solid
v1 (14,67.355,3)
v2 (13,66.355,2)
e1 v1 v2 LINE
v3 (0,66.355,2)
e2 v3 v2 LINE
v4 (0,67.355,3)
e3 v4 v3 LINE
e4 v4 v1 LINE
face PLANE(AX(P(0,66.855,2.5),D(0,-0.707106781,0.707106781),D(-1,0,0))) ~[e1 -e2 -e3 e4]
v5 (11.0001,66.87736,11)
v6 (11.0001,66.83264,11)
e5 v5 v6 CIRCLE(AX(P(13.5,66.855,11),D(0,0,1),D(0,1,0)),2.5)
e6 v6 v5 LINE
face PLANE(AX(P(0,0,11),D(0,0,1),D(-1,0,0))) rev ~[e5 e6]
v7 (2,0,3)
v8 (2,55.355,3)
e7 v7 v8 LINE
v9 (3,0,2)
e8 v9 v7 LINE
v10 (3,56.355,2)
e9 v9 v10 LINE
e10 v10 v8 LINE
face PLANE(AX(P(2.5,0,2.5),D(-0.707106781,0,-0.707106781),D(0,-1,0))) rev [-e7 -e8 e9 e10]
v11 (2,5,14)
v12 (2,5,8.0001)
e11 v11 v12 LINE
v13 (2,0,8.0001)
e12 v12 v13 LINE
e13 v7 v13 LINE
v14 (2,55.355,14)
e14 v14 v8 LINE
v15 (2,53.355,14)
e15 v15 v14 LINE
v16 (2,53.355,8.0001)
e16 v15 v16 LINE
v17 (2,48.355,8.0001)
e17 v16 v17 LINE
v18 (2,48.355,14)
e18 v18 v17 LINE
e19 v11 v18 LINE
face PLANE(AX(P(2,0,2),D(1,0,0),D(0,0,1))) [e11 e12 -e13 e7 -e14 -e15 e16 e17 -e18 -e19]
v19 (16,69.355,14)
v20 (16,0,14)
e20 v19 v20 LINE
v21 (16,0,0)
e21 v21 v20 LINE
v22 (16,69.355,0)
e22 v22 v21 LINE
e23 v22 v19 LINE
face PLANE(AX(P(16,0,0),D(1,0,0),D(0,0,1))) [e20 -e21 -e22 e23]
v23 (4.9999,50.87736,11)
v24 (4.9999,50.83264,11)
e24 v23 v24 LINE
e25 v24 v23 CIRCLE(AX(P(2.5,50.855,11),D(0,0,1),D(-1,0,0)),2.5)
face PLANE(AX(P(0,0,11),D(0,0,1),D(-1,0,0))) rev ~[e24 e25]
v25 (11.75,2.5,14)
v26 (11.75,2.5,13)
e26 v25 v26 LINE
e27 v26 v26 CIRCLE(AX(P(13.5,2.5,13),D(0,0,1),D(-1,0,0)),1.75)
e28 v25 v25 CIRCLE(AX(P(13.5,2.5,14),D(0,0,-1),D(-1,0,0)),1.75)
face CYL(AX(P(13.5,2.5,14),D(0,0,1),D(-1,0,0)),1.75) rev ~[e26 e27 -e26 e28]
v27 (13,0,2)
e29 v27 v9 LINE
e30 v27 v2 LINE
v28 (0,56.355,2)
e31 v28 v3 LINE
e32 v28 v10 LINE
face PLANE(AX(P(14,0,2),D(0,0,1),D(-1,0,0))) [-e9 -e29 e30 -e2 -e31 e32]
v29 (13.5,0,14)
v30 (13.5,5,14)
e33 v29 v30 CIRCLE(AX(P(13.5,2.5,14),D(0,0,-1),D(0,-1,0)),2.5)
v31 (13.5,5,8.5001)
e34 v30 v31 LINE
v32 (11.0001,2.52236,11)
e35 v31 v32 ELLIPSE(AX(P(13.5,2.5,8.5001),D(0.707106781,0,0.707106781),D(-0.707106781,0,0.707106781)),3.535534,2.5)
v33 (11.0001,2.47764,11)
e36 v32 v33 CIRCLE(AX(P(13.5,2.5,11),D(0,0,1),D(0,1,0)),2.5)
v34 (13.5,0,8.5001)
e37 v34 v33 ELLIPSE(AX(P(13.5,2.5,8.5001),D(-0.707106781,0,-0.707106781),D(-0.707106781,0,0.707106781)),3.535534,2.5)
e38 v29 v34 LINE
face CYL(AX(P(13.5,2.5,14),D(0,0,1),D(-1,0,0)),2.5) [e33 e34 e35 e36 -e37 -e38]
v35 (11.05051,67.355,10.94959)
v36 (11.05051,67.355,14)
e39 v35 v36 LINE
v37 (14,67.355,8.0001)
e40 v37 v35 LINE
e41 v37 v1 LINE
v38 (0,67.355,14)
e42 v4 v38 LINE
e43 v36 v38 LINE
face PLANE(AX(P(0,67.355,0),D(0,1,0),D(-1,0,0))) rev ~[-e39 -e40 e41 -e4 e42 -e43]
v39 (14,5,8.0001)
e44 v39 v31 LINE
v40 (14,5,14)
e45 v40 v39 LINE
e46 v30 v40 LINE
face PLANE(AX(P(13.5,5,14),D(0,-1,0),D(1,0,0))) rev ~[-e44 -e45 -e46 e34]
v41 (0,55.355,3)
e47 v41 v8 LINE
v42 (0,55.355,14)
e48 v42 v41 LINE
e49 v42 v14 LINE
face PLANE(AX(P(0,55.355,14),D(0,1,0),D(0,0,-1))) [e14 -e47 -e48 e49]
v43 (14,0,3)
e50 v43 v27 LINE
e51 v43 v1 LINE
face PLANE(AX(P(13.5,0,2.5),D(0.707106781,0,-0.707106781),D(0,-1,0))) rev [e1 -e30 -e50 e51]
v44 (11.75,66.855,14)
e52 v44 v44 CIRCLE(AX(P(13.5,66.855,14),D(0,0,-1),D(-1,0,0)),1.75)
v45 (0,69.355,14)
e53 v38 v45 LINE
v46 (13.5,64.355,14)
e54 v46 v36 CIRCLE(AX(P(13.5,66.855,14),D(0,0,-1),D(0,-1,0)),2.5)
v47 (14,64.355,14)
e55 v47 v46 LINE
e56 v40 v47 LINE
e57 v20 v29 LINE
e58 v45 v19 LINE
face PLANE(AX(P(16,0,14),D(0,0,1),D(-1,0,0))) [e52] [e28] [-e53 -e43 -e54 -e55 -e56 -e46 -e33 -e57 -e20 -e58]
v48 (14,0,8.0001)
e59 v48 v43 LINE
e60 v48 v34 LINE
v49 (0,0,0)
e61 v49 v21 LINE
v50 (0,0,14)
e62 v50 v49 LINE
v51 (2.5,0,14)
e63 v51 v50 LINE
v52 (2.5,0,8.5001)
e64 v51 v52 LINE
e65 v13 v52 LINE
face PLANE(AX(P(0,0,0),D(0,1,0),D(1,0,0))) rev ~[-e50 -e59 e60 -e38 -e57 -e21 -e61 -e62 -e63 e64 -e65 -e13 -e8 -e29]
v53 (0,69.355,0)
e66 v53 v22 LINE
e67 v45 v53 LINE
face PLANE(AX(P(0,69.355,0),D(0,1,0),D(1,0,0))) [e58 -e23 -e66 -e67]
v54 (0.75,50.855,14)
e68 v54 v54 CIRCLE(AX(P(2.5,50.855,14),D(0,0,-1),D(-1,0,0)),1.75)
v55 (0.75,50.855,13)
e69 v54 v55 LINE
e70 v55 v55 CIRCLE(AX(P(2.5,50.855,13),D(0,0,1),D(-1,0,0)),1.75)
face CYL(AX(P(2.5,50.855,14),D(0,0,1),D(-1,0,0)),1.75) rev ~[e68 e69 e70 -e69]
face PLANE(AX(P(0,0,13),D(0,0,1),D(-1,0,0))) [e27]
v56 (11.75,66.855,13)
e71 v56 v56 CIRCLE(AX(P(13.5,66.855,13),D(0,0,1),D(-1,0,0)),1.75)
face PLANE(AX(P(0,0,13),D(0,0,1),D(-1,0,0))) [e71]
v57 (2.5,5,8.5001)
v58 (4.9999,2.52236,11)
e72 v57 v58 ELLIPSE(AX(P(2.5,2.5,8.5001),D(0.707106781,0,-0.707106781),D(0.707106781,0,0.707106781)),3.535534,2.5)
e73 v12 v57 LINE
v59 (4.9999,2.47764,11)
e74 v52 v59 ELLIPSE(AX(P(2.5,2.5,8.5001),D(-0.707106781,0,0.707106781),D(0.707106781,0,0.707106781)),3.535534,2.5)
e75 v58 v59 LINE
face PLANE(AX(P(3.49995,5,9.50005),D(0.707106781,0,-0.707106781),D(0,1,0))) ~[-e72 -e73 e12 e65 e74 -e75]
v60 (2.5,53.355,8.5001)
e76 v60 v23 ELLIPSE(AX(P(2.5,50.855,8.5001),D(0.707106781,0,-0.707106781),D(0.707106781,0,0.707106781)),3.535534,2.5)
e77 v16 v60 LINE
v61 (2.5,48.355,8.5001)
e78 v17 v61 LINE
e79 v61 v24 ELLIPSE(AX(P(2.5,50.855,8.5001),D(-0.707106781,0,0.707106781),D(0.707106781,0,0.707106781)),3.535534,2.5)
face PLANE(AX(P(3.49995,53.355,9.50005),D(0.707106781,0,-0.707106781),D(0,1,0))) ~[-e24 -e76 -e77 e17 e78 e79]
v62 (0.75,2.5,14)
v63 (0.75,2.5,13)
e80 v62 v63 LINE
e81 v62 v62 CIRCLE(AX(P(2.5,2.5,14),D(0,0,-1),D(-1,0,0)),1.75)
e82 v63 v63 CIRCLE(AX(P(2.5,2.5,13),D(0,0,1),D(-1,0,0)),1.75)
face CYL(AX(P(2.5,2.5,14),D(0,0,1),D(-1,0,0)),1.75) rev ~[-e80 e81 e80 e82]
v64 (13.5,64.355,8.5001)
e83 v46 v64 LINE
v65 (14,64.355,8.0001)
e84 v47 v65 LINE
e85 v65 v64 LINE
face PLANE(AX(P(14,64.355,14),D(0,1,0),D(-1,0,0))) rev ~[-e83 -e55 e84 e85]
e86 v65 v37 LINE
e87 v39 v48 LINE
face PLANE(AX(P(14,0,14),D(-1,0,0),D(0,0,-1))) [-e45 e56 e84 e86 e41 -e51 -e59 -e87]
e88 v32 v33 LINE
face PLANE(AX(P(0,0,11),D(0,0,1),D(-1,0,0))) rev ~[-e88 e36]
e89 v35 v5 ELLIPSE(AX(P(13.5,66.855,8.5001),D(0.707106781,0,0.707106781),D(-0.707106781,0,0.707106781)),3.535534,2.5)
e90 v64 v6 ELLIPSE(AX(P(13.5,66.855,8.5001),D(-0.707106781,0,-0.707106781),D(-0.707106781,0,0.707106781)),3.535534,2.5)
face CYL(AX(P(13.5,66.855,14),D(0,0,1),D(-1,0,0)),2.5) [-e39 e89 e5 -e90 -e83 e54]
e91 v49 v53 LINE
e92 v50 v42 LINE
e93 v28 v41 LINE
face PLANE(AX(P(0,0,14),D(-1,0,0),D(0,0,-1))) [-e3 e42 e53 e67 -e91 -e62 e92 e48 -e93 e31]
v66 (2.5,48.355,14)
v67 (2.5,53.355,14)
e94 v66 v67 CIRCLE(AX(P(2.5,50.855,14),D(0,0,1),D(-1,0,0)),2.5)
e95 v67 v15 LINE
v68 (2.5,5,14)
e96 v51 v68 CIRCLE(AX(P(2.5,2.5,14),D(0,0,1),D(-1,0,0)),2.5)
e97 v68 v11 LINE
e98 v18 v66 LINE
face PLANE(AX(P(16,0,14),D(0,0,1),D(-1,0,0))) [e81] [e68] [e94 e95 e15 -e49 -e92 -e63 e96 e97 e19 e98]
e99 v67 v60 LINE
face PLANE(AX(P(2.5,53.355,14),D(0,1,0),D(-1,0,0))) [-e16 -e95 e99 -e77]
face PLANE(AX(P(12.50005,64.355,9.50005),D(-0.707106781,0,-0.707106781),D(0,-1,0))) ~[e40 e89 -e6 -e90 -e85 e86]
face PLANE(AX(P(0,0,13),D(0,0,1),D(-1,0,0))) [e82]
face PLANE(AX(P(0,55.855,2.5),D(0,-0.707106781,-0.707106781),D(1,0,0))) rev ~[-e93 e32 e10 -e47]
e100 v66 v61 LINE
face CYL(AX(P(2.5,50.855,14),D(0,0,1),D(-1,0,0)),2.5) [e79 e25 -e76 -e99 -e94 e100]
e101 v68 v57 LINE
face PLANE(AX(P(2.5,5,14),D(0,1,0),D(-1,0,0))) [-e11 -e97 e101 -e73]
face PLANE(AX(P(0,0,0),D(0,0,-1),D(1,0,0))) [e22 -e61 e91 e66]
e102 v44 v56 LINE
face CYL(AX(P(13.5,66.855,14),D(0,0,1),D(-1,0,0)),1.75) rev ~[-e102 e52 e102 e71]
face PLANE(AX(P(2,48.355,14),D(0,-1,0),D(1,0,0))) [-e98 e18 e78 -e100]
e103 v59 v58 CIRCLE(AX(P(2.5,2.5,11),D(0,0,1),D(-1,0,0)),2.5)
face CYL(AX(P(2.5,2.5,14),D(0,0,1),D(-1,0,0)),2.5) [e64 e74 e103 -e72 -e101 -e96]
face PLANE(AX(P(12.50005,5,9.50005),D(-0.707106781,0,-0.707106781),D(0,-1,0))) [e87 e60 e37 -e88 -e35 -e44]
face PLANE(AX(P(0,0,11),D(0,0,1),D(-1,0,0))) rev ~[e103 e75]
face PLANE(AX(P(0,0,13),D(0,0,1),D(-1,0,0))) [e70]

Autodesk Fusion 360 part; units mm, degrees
sketch "3D-printed conduit outline" plane through (0, 0, 0) normal (0, 1, 0) x (1, 0, 0)
  line L0 (0, 0) -> (16, 0)
  line L1 (16, 0) -> (16, -14)
  line L2 (16, -14) -> (0, -14)
  line L3 (0, -14) -> (0, 0)
  line L4 (2, -14) -> (14, -14)
  line L5 (14, -14) -> (14, -2)
  line L6 (14, -2) -> (2, -2)
  line L7 (2, -2) -> (2, -14)
  dimension "d8" = 14
  dimension "d9" = 16
  dimension "d10" = 2
  dimension "d11" = 2
  dimension "d12" = 2
extrude "Extrude1" add sketch "3D-printed conduit outline" along normal blind 69.355 contours L0 L1 L2 L3 L5 L6 L7
sketch "Magnet holders" plane through (0, 0, 14) normal (0, 0, 1) x (-1, 0, 0)
  line L0 (0, 0) -> (-2, 0)
  line L1 (-2, 0) -> (-2, -69.355)
  line L2 (-2, -69.355) -> (0, -69.355)
  line L3 (0, -69.355) -> (0, 0)
  line L4 (-14, 0) -> (-16, 0)
  line L5 (-16, 0) -> (-16, -69.355)
  line L6 (-16, -69.355) -> (-14, -69.355)
  line L7 (-14, -69.355) -> (-14, 0)
  circle A0 centre (-2.5, -2.5) radius 2.5
  circle A1 centre (-2.5, -2.5) radius 1.75
  line L8 (-14, 0) -> (-2, 0)
  line L9 (0, 0) -> (-2.5, 0)
  line L10 (-2.5, 0) -> (-2.5, -5)
  line L11 (-2.5, -5) -> (0, -5)
  line L12 (0, -5) -> (0, 0)
  circle A2 centre (-13.5, -2.5) radius 2.5
  circle A3 centre (-13.5, -2.5) radius 1.75
  line L13 (-16, 0) -> (-13.5, 0)
  line L14 (-13.5, 0) -> (-13.5, -5)
  line L15 (-13.5, -5) -> (-16, -5)
  line L16 (-16, -5) -> (-16, 0)
  circle A4 centre (-2.5, -50.855) radius 1.75
  circle A5 centre (-2.5, -50.855) radius 2.5
  line L17 (-2.5, -48.355) -> (-2.5, -53.355)
  line L18 (-2.5, -53.355) -> (0, -53.355)
  line L19 (0, -53.355) -> (0, -48.355)
  line L20 (0, -48.355) -> (-2.5, -48.355)
  circle A6 centre (-13.5, -66.855) radius 2.5
  circle A7 centre (-13.5, -66.855) radius 1.75
  line L21 (-13.5, -64.355) -> (-13.5, -69.355)
  line L22 (-13.5, -69.355) -> (-16, -69.355)
  line L23 (-16, -69.355) -> (-16, -64.355)
  line L24 (-16, -64.355) -> (-13.5, -64.355)
  dimension "d15" = 5
  dimension "d16" = 3.5
  dimension "d17" = 5
  dimension "d18" = 3.5
  dimension "d21" = 0
  dimension "d22" = -48.355
  dimension "d42" = 0
  dimension "d43" = -64.355
sketch "End wall" plane through (0, 69.355, 0) normal (0, 1, 0) x (-1, 0, 0)
  line L0 (-2, 2) -> (-14, 2)
  line L1 (-14, 2) -> (-14, 14)
  line L2 (-14, 14) -> (-16, 14)
  line L3 (-16, 14) -> (-16, 0)
  line L4 (-16, 0) -> (0, 0)
  line L5 (0, 0) -> (0, 14)
  line L6 (0, 14) -> (-2, 14)
  line L7 (-2, 14) -> (-2, 2)
  line L8 (-16, 0) -> (0, 0)
  line L9 (0, 0) -> (0, 14)
  line L10 (0, 14) -> (-16, 14)
  line L11 (-16, 14) -> (-16, 0)
extrude "Extrude8" add sketch "End wall" against normal blind 2
extrude "Extrude2" add sketch "Magnet holders" against normal blind 3 contours A2 A3 L14 | L7 A2 A3 L14 | L7 L8 A2 L13 | L1 A0 L8 L9 | L1 A0 A1 L10 | A0 A1 L10 | L1 A0 A1 L10 | L1 A0 L11 | L1 A1 L10 | A1 L10 | L7 A3 L14 | A3 L14 | L1 A5 L20 | L7 A2 L15 | L7 A2 A3 L14 | L1 A4 A5 L17 | L1 A4 A5 L17 | L1 A5 L18 | A4 A5 L17 | L1 A4 L17 | A4 L17 | L7 A6 L24 | L7 A6 A7 L21 | A6 A7 L21 | L7 A7 L21 | A7 L21 | L7 A6 L22 | L7 A6 A7 L21
extrude "Extrude4" cut sketch "Magnet holders" against normal blind 1 contours L1 A1 | L1 A1 L10 | A1 L10 | L7 A3 L14 | A3 L14 | L7 A3 | L1 A4 | L1 A4 L17 | A4 L17 | L7 A7 L21 | L7 A7 | A7 L21
chamfer "Chamfer2" distance 2.9999 angle 45 5 edges at (2, 2.5, 11) (2, 50.855, 11) (2, 2.5, 11) (14, 2.5, 11) (14, 65.855, 11)
sketch "Smartie hopper mechanism conduit 2 outlet" plane through (0, 0, 0) normal (-1, 0, 0) x (0, -1, 0)
  line L0 (-69.355, 0) -> (0, 0)
  line L1 (0, 0) -> (0, 14)
  line L2 (0, 14) -> (-69.355, 14)
  line L3 (-69.355, 14) -> (-69.355, 0)
  line L4 (-67.355, 14) -> (-55.355, 14)
  line L5 (-55.355, 14) -> (-55.355, 2)
  line L6 (-55.355, 2) -> (-67.355, 2)
  line L7 (-67.355, 2) -> (-67.355, 14)
  dimension "d60" = 2
  dimension "d61" = 12
  dimension "d62" = 2
extrude "Extrude11" cut sketch "Smartie hopper mechanism conduit 2 outlet" against normal blind 2 contours L2 L4 L5 L6 L7
chamfer "Chamfer5" distance 1 angle 45 4 edges at (2, 27.6775, 2) (1, 55.355, 2) (7, 67.355, 2) (14, 33.6775, 2)
equation "conduit_length = 69.355 mm"
equation "conduit_width = 16 mm"
equation "conduit_height = 16 mm"
equation "conduit_wall_thickness = 2 mm"
equation "magnet_diameter = 3 mm"
equation "magnet_height = 1 mm"
equation "d8 = conduit_height - conduit_wall_thickness"
equation "d9 = conduit_width"
equation "d10 = conduit_wall_thickness"
equation "d11 = conduit_wall_thickness"
equation "d12 = conduit_wall_thickness"
equation "d13 = conduit_length"
equation "d15 = magnet_diameter + 2 mm"
equation "d16 = magnet_diameter + 0.5 mm"
equation "d17 = magnet_diameter + 2 mm"
equation "d18 = magnet_diameter + 0.5 mm"
equation "d22 = -conduit_length + ( magnet_diameter + 2 mm ) + ( conduit_width )"
equation "d23 = -( magnet_height + 2 mm )"
equation "d43 = -conduit_length + ( magnet_diameter + 2 mm )"
equation "d60 = conduit_wall_thickness"
equation "d62 = conduit_wall_thickness"
